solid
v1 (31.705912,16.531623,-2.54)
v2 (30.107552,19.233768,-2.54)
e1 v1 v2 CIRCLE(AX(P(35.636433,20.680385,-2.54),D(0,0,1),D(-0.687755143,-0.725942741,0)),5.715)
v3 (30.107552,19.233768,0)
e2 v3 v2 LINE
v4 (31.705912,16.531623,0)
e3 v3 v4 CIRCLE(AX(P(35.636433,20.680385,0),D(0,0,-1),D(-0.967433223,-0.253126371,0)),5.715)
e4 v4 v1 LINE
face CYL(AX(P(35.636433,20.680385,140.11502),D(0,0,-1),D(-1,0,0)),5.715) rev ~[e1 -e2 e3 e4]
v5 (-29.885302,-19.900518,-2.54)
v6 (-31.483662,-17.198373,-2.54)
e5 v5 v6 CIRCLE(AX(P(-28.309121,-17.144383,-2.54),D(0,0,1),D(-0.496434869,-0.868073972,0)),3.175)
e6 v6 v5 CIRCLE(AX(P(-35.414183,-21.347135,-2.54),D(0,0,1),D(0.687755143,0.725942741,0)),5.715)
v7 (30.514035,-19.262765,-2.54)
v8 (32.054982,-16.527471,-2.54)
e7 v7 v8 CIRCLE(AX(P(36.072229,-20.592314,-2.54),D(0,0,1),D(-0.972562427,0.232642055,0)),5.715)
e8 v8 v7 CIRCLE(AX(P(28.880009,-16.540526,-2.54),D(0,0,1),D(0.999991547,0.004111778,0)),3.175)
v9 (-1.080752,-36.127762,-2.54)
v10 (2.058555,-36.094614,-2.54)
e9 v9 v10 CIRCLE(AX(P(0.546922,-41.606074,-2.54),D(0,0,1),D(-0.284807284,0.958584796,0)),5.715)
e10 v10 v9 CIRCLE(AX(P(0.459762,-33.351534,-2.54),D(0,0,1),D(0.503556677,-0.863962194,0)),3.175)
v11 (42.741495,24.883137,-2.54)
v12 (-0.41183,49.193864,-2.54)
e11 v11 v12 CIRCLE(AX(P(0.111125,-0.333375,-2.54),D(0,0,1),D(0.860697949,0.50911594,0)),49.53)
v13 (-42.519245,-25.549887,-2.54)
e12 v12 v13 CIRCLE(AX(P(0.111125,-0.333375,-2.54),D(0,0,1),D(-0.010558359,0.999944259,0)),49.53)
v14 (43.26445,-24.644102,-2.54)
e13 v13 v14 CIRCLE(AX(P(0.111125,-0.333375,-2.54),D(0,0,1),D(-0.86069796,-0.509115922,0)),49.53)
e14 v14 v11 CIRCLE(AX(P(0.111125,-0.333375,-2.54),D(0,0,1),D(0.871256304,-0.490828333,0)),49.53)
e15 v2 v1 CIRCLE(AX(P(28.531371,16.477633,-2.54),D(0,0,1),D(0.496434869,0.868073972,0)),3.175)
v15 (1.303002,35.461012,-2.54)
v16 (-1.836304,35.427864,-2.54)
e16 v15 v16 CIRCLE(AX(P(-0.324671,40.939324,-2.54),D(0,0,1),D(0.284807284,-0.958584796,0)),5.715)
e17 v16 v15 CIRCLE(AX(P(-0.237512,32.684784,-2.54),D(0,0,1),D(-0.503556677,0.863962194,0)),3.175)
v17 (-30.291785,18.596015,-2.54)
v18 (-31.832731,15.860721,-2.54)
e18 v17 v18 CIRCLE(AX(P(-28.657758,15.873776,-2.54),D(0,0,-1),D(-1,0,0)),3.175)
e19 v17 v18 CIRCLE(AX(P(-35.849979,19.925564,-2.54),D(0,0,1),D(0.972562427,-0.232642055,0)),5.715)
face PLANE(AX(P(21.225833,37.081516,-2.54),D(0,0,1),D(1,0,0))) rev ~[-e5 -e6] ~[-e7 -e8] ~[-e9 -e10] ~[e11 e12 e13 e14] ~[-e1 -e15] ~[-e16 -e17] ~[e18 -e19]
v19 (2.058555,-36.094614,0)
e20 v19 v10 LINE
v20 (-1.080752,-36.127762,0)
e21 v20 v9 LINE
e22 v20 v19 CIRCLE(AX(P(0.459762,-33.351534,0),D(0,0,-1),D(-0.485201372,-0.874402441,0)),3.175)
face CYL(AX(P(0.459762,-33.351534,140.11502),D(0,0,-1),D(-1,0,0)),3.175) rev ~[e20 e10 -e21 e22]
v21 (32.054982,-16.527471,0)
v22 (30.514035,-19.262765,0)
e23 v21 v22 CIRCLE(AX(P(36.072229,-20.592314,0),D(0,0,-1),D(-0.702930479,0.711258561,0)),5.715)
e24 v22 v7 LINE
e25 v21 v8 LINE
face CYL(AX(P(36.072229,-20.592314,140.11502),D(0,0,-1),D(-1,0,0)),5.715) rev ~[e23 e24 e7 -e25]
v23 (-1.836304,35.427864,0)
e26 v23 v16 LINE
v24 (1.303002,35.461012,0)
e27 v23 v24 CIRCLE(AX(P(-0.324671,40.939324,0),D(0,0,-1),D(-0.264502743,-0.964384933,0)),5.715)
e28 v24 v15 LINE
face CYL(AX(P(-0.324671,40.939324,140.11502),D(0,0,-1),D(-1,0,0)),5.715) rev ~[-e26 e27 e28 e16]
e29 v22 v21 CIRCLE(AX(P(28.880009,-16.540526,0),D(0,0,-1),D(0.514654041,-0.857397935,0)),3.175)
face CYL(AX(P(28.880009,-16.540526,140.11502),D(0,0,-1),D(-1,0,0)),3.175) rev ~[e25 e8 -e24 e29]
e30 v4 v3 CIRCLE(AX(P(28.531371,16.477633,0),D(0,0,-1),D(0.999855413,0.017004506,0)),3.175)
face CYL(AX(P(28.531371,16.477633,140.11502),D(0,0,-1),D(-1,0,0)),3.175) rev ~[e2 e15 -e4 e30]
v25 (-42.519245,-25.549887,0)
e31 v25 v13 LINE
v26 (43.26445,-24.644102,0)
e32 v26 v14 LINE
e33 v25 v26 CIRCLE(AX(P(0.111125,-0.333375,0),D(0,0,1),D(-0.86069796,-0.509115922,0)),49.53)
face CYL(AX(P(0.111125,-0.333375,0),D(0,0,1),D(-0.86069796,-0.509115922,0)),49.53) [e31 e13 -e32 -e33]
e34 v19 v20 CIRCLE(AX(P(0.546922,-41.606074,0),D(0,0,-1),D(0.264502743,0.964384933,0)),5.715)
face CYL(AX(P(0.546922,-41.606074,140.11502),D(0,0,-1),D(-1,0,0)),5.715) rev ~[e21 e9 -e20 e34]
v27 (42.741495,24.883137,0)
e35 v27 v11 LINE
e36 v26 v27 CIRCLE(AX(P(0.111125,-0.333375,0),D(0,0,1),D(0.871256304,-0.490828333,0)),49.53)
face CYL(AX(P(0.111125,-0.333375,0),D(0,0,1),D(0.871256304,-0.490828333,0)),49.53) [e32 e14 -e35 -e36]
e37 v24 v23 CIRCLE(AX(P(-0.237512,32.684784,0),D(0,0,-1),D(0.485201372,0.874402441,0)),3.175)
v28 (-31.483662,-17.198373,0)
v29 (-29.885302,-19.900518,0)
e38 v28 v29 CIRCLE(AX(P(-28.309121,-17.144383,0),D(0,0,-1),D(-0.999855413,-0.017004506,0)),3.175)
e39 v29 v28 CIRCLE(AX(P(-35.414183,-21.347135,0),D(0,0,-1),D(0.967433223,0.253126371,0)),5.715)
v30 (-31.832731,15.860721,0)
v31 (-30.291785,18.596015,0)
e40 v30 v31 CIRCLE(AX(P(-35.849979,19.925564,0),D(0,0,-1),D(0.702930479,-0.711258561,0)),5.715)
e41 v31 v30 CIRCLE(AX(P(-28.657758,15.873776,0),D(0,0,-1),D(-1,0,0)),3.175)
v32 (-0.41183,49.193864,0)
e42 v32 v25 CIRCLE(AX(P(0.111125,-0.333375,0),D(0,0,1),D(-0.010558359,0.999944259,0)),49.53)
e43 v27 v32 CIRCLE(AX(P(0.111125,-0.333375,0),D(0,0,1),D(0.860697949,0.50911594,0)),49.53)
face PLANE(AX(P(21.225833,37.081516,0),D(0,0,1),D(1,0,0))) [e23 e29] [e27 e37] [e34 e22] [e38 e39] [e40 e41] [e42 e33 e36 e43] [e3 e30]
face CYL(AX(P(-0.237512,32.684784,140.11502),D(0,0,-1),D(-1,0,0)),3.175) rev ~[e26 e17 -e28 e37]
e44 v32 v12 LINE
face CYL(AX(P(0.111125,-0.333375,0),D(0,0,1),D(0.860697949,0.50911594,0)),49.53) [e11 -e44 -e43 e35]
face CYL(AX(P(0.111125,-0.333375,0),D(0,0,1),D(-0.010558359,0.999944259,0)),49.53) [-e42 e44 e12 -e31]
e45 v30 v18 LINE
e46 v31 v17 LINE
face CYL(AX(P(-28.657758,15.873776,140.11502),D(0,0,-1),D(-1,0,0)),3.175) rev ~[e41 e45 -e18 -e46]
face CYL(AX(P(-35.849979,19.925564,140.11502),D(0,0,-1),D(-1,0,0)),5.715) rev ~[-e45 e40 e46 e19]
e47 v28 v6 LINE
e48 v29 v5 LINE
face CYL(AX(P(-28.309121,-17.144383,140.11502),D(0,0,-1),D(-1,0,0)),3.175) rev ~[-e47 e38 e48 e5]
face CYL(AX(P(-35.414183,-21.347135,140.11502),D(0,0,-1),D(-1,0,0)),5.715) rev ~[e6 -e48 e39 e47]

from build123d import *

# Parameters (mm, degrees)
F1_DEPTH = 2.54
F2_D     = 11.43
F3_D     = 6.35


with BuildPart() as f1:
    # F0 (on Top) → F1 (new body)
    with BuildSketch(Plane.XY):
        with BuildLine():
            ThreePointArc((14.1469296791, 24.581208667), (28.3570527779, 32.9867129725), (42.7414945684, 24.8831374968))
            ThreePointArc((42.7414945684, 24.8831374968), (24.4218518628, 42.8199500657), (-0.4118303798, 49.1938641112))
            ThreePointArc((-0.4118303798, 49.1938641112), (11.3750266033, 44.4205864041), (16.2724880694, 32.6847843949))
            ThreePointArc((16.2724880694, 32.6847843949), (15.7322599992, 28.495931985), (14.1469296791, 24.581208667))
        make_face()
        with BuildLine():
            ThreePointArc((-14.4476350188, 24.2792801377), (-14.6219536378, 40.7883599496), (-0.4118303798, 49.1938641112))
            ThreePointArc((-0.4118303798, 49.1938641112), (-25.1053870129, 42.2969945819), (-43.0421996808, 23.9773521233))
            ThreePointArc((-43.0421996808, 23.9773521233), (-28.8320764588, 32.3828558193), (-14.4476350188, 24.2792801377))
        make_face()
        with BuildLine():
            ThreePointArc((-28.4834395144, -0.6353036127), (-42.8678814784, 7.4682721021), (-43.0421996808, 23.9773521233))
            ThreePointArc((-43.0421996808, 23.9773521233), (-49.4161139914, -0.8563299278), (-42.5192447927, -25.5498866402))
            ThreePointArc((-42.5192447927, -25.5498866402), (-42.6935625622, -9.0408072614), (-28.4834395144, -0.6353036127))
        make_face()
        with BuildLine():
            ThreePointArc((-42.5192447927, -25.5498866402), (-24.1996024135, -43.4866996437), (0.6340797732, -49.8606141921))
            ThreePointArc((0.6340797732, -49.8606141921), (-13.7503612776, -41.757037972), (-13.9246792181, -25.2479584958))
            ThreePointArc((-13.9246792181, -25.2479584958), (-28.1348028533, -33.6534630478), (-42.5192447927, -25.5498866402))
        make_face()
        with BuildLine():
            ThreePointArc((0.6340797732, -49.8606141921), (25.3276368535, -42.9637449392), (43.2644499105, -24.6441023627))
            ThreePointArc((43.2644499105, -24.6441023627), (29.0543267516, -33.0496058908), (14.6698854093, -24.9460303205))
            ThreePointArc((14.6698854093, -24.9460303205), (16.3844166198, -28.9943010133), (16.969762255, -33.351534466))
            ThreePointArc((16.969762255, -33.351534466), (12.1955639367, -44.9640733309), (0.6340797732, -49.8606141921))
        make_face()
        with BuildLine():
            ThreePointArc((43.2644499105, -24.6441023627), (48.0204409306, -12.8999323449), (49.6411251622, -0.3333750356))
            ThreePointArc((49.6411251622, -0.3333750356), (47.8850882419, 12.7383253763), (42.7414945684, 24.8831374968))
            ThreePointArc((42.7414945684, 24.8831374968), (44.4560258195, 20.8348667633), (45.0413714688, 16.4776332587))
            ThreePointArc((45.0413714688, 16.4776332587), (40.2671733446, 4.86509459), (28.7056895388, -0.0314464615))
            ThreePointArc((28.7056895388, -0.0314464615), (40.4925468917, -4.8047239608), (45.3900085616, -16.5405261717))
            ThreePointArc((45.3900085616, -16.5405261717), (44.8497804239, -20.7293788387), (43.2644499105, -24.6441023627))
        make_face()
        with BuildLine():
            ThreePointArc((14.6698854093, -24.9460303205), (29.0543267516, -33.0496058908), (43.2644499105, -24.6441023627))
            ThreePointArc((43.2644499105, -24.6441023627), (44.8497804239, -20.7293788387), (45.3900085616, -16.5405261717))
            ThreePointArc((45.3900085616, -16.5405261717), (40.4925468917, -4.8047239608), (28.7056895388, -0.0314464615))
            ThreePointArc((28.7056895388, -0.0314464615), (14.4955667445, -8.436950812), (14.6698854093, -24.9460303205))
        make_face()
        with BuildLine():
            ThreePointArc((-13.9246792181, -25.2479584958), (-13.7503612776, -41.757037972), (0.6340797732, -49.8606141921))
            ThreePointArc((0.6340797732, -49.8606141921), (12.1955639367, -44.9640733309), (16.969762255, -33.351534466))
            ThreePointArc((16.969762255, -33.351534466), (16.3844166198, -28.9943010133), (14.6698854093, -24.9460303205))
            ThreePointArc((14.6698854093, -24.9460303205), (0.2854439404, -16.8424547484), (-13.9246792181, -25.2479584958))
        make_face()
        with BuildLine():
            ThreePointArc((-28.4834395144, -0.6353036127), (-42.6935625622, -9.0408072614), (-42.5192447927, -25.5498866402))
            ThreePointArc((-42.5192447927, -25.5498866402), (-28.1348028533, -33.6534630478), (-13.9246792181, -25.2479584958))
            ThreePointArc((-13.9246792181, -25.2479584958), (-12.3393491328, -21.3332354278), (-11.7991211444, -17.1443833299))
            ThreePointArc((-11.7991211444, -17.1443833299), (-16.6965825823, -5.4085813485), (-28.4834395144, -0.6353036127))
        make_face()
        with BuildLine():
            ThreePointArc((-14.4476350188, 24.2792801377), (-28.8320764588, 32.3828558193), (-43.0421996808, 23.9773521233))
            ThreePointArc((-43.0421996808, 23.9773521233), (-42.8678814784, 7.4682721021), (-28.4834395144, -0.6353036127))
            ThreePointArc((-28.4834395144, -0.6353036127), (-16.9219561318, 4.2612376639), (-12.1477582372, 15.8737761006))
            ThreePointArc((-12.1477582372, 15.8737761006), (-12.7331038558, 20.2310094926), (-14.4476350188, 24.2792801377))
        make_face()
        with BuildLine():
            ThreePointArc((16.2724880694, 32.6847843949), (11.3750266033, 44.4205864041), (-0.4118303798, 49.1938641112))
            ThreePointArc((-0.4118303798, 49.1938641112), (-14.6219536378, 40.7883599496), (-14.4476350188, 24.2792801377))
            ThreePointArc((-14.4476350188, 24.2792801377), (-0.0631934119, 16.1757046794), (14.1469296791, 24.581208667))
            ThreePointArc((14.1469296791, 24.581208667), (15.7322599992, 28.495931985), (16.2724880694, 32.6847843949))
        make_face()
        with BuildLine():
            ThreePointArc((45.0413714688, 16.4776332587), (44.4560258195, 20.8348667633), (42.7414945684, 24.8831374968))
            ThreePointArc((42.7414945684, 24.8831374968), (28.3570527779, 32.9867129725), (14.1469296791, 24.581208667))
            ThreePointArc((14.1469296791, 24.581208667), (14.3212482409, 8.0721292377), (28.7056895388, -0.0314464615))
            ThreePointArc((28.7056895388, -0.0314464615), (40.2671733446, 4.86509459), (45.0413714688, 16.4776332587))
        make_face()
        with BuildLine():
            ThreePointArc((28.7056895388, -0.0314464615), (14.3212482409, 8.0721292377), (14.1469296791, 24.581208667))
            ThreePointArc((14.1469296791, 24.581208667), (-0.0631934119, 16.1757046794), (-14.4476350188, 24.2792801377))
            ThreePointArc((-14.4476350188, 24.2792801377), (-12.7331038558, 20.2310094926), (-12.1477582372, 15.8737761006))
            ThreePointArc((-12.1477582372, 15.8737761006), (-16.9219561318, 4.2612376639), (-28.4834395144, -0.6353036127))
            ThreePointArc((-28.4834395144, -0.6353036127), (-16.6965825823, -5.4085813485), (-11.7991211444, -17.1443833299))
            ThreePointArc((-11.7991211444, -17.1443833299), (-12.3393491328, -21.3332354278), (-13.9246792181, -25.2479584958))
            ThreePointArc((-13.9246792181, -25.2479584958), (0.2854439404, -16.8424547484), (14.6698854093, -24.9460303205))
            ThreePointArc((14.6698854093, -24.9460303205), (14.4955667445, -8.436950812), (28.7056895388, -0.0314464615))
        make_face()
    extrude(amount=-F1_DEPTH)

    # F2 (through all)
    with Locations(Plane.XY):
        with Locations((-0.3246712038, 40.9393242526), (35.6364330455, 20.6803853323), (36.0722294115, -20.5923139558), (0.5469215282, -41.6060743237), (-35.4141827211, -21.3471354034), (-35.849979087, 19.9255638847)):
            Hole(F2_D / 2)

    # F3 (through all)
    with Locations(Plane.XY):
        with Locations((-28.6577582372, 15.8737761006), (-0.2375119306, 32.6847843949), (28.5313714688, 16.4776332587), (28.8800085616, -16.5405261717), (0.459762255, -33.351534466), (-28.3091211444, -17.1443833299)):
            Hole(F3_D / 2)


solid = f1.part
